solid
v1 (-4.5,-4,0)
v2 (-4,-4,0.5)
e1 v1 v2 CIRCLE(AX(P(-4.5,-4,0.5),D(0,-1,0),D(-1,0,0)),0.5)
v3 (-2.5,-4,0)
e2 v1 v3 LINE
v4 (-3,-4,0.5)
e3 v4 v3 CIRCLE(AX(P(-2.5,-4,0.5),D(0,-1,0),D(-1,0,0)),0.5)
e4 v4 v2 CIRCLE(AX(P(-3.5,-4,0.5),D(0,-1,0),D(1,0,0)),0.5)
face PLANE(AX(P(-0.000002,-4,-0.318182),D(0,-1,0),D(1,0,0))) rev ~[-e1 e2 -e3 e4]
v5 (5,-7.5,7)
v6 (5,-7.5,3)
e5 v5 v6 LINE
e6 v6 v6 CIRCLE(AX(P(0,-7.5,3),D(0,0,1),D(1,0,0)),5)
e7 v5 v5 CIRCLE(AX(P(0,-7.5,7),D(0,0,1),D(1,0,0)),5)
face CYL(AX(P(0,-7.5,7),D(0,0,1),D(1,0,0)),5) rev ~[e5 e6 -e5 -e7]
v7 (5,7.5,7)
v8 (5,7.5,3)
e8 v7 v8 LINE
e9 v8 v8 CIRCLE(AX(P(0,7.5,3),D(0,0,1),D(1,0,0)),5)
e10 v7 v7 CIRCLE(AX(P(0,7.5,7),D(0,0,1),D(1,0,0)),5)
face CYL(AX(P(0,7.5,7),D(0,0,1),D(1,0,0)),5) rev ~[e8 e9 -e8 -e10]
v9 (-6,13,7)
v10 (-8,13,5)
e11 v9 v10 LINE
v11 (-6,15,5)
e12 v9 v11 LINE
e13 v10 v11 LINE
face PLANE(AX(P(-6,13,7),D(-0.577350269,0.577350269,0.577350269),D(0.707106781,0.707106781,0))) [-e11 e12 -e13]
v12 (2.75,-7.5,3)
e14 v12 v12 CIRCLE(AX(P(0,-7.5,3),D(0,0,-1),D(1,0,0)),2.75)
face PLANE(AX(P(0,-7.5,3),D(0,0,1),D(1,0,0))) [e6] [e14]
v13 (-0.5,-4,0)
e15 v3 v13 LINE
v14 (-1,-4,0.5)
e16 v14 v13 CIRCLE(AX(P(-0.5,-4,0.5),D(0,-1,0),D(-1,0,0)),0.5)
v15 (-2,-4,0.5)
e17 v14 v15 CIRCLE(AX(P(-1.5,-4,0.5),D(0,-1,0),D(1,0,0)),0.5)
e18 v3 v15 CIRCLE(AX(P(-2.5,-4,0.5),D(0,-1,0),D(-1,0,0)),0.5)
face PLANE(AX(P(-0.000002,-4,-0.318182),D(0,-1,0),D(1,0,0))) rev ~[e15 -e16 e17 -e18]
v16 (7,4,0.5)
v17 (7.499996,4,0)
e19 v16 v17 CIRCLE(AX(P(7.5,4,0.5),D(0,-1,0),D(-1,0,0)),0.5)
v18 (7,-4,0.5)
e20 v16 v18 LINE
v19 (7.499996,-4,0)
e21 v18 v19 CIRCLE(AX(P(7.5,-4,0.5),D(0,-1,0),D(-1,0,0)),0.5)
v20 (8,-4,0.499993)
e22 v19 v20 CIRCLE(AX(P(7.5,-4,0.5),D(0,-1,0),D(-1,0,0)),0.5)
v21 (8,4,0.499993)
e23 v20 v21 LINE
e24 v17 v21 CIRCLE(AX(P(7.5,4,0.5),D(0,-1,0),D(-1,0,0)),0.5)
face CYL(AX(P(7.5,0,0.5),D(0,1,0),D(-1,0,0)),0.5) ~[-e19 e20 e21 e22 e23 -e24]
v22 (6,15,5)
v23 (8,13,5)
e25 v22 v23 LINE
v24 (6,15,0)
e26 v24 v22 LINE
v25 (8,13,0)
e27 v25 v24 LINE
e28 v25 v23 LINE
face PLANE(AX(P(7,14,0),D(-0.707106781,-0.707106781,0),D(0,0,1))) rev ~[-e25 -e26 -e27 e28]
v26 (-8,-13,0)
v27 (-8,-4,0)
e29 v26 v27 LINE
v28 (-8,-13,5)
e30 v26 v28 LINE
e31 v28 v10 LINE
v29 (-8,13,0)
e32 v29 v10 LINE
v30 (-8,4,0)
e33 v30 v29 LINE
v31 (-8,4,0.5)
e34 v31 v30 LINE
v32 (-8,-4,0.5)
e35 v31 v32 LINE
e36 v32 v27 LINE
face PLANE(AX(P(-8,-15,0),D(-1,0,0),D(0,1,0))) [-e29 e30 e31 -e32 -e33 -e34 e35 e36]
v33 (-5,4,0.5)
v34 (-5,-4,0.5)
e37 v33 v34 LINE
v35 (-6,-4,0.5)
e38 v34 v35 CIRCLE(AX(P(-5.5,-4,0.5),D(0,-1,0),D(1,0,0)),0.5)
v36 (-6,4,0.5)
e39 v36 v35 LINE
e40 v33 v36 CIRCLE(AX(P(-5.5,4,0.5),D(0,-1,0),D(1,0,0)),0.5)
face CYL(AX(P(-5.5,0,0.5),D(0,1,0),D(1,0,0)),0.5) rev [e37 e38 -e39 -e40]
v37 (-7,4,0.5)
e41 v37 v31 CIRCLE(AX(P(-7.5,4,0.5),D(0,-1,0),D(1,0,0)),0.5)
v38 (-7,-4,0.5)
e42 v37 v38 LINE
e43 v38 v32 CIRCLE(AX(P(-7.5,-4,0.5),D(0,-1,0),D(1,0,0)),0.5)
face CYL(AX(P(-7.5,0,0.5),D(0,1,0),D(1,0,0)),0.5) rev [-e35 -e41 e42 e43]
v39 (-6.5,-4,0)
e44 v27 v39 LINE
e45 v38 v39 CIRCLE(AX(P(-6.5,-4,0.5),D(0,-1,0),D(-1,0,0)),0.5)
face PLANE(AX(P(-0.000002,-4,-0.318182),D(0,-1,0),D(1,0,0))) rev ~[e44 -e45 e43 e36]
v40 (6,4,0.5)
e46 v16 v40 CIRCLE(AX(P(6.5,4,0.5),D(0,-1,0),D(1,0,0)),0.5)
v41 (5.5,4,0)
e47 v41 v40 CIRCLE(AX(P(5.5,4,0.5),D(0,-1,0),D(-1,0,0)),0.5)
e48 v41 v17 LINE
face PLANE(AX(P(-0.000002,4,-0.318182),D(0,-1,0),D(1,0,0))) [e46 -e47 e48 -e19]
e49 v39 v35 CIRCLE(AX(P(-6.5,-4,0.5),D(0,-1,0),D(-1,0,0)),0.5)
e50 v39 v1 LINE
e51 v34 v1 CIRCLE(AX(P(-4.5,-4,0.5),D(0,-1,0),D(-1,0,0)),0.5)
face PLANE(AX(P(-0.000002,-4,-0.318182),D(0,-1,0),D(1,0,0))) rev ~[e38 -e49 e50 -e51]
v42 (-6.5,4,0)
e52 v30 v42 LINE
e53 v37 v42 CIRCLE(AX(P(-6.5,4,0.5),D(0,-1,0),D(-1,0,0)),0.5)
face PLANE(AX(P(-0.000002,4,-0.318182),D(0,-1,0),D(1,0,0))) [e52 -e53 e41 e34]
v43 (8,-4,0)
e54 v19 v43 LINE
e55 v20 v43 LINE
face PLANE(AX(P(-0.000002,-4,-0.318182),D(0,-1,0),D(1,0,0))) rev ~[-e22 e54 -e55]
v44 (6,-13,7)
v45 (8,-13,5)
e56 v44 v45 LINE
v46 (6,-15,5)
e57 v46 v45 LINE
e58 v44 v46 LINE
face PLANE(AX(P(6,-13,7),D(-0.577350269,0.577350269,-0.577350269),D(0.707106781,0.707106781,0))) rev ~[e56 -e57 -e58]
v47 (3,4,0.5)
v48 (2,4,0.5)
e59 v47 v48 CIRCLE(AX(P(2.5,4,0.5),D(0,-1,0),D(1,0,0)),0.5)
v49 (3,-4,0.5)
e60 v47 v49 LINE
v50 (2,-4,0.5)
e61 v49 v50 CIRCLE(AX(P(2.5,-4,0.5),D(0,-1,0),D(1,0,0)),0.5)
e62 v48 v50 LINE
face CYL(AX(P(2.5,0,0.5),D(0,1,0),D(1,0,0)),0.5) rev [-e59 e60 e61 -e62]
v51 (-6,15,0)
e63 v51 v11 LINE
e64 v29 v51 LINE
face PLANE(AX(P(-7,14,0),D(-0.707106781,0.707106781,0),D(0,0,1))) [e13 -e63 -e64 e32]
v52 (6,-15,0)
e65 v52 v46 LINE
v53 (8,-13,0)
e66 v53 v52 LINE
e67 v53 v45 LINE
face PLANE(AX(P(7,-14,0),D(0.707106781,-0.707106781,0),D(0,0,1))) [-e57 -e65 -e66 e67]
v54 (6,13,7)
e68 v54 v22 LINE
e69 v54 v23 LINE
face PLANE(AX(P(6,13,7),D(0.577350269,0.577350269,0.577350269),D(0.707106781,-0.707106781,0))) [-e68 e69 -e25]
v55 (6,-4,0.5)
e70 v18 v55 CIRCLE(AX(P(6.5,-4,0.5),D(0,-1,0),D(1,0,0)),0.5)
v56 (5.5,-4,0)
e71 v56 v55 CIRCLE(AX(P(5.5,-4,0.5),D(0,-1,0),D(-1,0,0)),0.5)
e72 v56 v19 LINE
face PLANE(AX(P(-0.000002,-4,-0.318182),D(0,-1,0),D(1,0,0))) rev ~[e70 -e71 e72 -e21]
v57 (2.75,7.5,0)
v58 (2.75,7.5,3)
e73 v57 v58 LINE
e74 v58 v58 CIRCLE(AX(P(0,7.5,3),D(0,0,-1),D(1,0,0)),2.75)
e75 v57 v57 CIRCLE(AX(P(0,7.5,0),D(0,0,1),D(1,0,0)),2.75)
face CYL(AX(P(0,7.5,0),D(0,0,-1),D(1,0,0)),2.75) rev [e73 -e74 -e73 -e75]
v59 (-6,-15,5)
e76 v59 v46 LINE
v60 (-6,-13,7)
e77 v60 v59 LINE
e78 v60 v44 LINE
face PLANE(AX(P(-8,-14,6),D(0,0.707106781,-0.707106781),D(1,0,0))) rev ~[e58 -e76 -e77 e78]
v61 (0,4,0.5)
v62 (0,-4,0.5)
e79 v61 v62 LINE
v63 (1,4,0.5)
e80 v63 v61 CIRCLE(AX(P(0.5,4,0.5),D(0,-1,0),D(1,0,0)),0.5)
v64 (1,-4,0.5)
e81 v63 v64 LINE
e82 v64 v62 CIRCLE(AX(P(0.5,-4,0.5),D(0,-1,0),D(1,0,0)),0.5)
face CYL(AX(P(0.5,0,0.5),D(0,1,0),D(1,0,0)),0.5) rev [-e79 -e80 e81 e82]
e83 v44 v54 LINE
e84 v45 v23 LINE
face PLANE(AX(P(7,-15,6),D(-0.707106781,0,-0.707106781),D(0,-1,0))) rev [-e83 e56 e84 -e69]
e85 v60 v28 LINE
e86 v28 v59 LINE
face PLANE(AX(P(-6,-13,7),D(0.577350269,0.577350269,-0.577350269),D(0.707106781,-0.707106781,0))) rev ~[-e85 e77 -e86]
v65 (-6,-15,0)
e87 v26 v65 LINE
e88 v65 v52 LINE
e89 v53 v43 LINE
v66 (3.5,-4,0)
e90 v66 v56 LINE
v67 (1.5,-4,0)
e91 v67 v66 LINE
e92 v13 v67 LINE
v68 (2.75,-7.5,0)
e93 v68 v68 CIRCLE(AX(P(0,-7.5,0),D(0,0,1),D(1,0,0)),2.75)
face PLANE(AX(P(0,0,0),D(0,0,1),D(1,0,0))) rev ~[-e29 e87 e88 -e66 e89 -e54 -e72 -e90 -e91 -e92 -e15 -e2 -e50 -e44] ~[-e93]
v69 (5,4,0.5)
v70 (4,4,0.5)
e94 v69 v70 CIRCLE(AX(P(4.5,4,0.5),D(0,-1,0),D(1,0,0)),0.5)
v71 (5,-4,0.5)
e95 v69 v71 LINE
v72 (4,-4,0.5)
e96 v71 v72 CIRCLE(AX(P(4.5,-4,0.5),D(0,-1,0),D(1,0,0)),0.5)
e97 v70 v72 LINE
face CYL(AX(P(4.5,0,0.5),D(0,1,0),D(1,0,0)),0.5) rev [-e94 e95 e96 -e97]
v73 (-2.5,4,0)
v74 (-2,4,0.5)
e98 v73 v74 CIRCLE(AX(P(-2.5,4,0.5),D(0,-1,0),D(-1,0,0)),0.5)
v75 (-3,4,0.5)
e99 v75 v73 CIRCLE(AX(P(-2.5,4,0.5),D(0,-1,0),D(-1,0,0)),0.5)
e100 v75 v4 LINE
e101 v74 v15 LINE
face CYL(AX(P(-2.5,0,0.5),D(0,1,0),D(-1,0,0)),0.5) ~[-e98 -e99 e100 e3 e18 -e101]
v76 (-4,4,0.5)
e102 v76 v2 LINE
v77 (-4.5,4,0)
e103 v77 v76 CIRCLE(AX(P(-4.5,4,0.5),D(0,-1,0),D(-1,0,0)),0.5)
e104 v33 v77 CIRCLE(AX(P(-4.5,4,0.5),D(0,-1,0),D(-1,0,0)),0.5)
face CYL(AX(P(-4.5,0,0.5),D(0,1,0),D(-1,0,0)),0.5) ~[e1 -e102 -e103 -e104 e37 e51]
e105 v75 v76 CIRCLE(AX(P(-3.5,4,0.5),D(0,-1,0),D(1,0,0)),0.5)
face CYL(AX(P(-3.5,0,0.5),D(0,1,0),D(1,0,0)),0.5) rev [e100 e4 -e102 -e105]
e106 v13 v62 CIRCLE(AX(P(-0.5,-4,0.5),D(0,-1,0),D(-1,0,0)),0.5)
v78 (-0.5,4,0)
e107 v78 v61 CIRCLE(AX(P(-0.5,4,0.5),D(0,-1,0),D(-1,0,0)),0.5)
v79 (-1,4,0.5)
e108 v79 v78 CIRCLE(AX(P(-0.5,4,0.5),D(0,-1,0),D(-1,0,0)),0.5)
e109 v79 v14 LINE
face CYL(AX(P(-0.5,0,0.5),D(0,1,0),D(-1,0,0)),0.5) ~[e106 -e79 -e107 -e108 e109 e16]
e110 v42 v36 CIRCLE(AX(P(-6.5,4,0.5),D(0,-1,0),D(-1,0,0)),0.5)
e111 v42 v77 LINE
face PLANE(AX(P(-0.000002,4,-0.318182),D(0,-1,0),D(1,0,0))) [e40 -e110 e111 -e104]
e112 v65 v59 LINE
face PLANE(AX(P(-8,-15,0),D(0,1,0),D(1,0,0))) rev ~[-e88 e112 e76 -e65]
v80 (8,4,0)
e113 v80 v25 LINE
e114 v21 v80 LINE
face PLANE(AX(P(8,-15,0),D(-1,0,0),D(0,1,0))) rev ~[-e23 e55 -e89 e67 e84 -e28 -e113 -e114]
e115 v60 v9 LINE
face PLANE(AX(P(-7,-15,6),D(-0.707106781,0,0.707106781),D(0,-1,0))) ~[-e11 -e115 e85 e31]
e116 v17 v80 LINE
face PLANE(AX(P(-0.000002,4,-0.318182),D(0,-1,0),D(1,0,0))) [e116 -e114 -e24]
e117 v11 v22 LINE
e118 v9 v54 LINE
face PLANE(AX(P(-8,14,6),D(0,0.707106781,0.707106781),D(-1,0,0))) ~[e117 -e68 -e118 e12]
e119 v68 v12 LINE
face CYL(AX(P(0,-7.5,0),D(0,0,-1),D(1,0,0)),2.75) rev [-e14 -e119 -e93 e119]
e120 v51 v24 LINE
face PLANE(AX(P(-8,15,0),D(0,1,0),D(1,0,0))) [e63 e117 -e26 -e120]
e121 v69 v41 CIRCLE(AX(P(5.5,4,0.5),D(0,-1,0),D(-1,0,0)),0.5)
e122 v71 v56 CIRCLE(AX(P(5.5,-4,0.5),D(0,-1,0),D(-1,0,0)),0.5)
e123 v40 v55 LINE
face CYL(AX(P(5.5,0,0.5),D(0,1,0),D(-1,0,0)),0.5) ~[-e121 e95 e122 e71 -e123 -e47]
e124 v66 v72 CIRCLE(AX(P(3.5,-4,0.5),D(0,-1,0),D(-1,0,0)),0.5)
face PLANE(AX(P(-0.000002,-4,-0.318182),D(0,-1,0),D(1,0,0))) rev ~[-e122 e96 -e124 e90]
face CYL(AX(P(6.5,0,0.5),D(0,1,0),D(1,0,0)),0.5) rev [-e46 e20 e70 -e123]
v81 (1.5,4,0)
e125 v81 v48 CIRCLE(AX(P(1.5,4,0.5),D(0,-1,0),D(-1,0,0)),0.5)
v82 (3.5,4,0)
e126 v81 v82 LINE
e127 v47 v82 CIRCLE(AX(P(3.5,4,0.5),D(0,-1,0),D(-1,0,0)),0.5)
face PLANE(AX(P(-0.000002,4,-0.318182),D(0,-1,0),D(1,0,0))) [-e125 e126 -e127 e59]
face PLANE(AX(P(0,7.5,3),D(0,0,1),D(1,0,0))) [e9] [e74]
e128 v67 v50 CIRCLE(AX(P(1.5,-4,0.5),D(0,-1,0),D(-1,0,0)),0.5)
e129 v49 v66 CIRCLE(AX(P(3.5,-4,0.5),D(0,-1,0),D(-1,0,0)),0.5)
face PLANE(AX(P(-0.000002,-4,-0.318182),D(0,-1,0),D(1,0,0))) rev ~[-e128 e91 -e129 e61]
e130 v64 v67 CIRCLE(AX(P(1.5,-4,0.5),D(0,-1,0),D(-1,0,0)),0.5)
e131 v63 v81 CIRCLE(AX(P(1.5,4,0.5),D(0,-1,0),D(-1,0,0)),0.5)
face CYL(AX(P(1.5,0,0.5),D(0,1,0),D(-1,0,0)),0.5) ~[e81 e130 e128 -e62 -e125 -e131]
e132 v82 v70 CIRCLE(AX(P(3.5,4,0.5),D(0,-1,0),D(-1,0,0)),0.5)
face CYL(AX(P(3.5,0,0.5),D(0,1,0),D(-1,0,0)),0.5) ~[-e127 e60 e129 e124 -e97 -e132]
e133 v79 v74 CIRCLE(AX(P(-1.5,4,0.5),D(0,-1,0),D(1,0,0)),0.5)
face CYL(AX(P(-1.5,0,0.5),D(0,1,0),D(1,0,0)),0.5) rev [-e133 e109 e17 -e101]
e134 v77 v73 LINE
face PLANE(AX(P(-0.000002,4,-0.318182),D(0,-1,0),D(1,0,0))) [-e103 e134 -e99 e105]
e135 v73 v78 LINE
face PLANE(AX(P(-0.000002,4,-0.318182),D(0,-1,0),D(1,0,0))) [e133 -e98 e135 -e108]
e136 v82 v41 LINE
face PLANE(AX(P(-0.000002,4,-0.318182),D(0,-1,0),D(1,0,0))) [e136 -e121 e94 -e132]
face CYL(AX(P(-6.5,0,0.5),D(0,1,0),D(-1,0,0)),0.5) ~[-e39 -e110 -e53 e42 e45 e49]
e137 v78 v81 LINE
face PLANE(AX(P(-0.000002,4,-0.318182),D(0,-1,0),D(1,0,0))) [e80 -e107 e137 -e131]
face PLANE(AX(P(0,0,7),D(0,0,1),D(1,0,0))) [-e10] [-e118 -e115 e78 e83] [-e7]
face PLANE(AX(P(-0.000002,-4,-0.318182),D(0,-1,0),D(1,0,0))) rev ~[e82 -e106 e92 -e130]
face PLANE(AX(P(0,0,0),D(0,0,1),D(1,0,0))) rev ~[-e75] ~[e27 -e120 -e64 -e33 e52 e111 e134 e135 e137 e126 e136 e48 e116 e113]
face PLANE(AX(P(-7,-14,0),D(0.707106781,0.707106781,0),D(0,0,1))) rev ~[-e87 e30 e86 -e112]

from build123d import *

# Parameters (mm, degrees)
SKETCH_W          = 16
SKETCH_H          = 30
SKETCH_R          = 2.75
PAD_DEPTH         = 7
POCKET_DEPTH      = 4
POCKET_DEPTH_BACK = -4
CHAMFER_SIZE      = 2
SKETCH002_R       = 5
POCKET001_DEPTH   = 4


with BuildPart() as part:
    # Sketch → Pad (new body)
    with BuildSketch(Plane.XY):
        Rectangle(SKETCH_W, SKETCH_H)
        with Locations((0, 7.5)):
            Circle(SKETCH_R, mode=Mode.SUBTRACT)
        with Locations((0, -7.5)):
            Circle(SKETCH_R, mode=Mode.SUBTRACT)
    extrude(amount=PAD_DEPTH)

    # Sketch001 → Pocket (cut, two sides)
    with BuildSketch(Plane.XZ) as pocket_sk:
        with BuildLine():
            ThreePointArc((-7, 0.5), (-7.5, 1), (-8, 0.5))
            Line((-8, 0.5), (-8, -1.5))
            Line((-8, -1.5), (0, -1.5))
            Line((8, -1.5), (0, -1.5))
            Line((8, 0.499993), (8, -1.5))
            ThreePointArc((7, 0.5), (7.499996, 0), (8, 0.499993))
            ThreePointArc((7, 0.5), (6.5, 1), (6, 0.5))
            ThreePointArc((5, 0.5), (5.5, 0), (6, 0.5))
            ThreePointArc((5, 0.5), (4.5, 1), (4, 0.5))
            ThreePointArc((3, 0.5), (3.5, 0), (4, 0.5))
            ThreePointArc((3, 0.5), (2.5, 1), (2, 0.5))
            ThreePointArc((1, 0.5), (1.5, 0), (2, 0.5))
            ThreePointArc((1, 0.5), (0.5, 1), (0, 0.5))
            ThreePointArc((-1, 0.5), (-0.5, 0), (0, 0.5))
            ThreePointArc((-1, 0.5), (-1.5, 1), (-2, 0.5))
            ThreePointArc((-3, 0.5), (-2.5, 0), (-2, 0.5))
            ThreePointArc((-3, 0.5), (-3.5, 1), (-4, 0.5))
            ThreePointArc((-5, 0.5), (-4.5, 0), (-4, 0.5))
            ThreePointArc((-5, 0.5), (-5.5, 1), (-6, 0.5))
            ThreePointArc((-7, 0.5), (-6.5, 0), (-6, 0.5))
        make_face()
    extrude(amount=-POCKET_DEPTH, mode=Mode.SUBTRACT)
    extrude(pocket_sk.sketch, amount=-POCKET_DEPTH_BACK, mode=Mode.SUBTRACT)

    # Chamfer
    chamfer_edges = [part.edges().sort_by_distance(p)[0] for p in [
        (8, 15, 3.5),
        (-8, 15, 3.5),
        (-8, -15, 3.5),
        (-8, 0, 7),
        (0, 15, 7),
        (8, -15, 3.5),
        (0, -15, 7),
        (8, 0, 7),
    ]]
    chamfer(chamfer_edges, length=CHAMFER_SIZE)

    # Sketch002 (on DatumPlane) → Pocket001 (cut)
    with BuildSketch(Plane.XY.offset(7)):
        with Locations((0, 7.5)):
            Circle(SKETCH002_R)
        with Locations((0, -7.5)):
            Circle(SKETCH002_R)
    extrude(amount=-POCKET001_DEPTH, mode=Mode.SUBTRACT)


solid = part.part
